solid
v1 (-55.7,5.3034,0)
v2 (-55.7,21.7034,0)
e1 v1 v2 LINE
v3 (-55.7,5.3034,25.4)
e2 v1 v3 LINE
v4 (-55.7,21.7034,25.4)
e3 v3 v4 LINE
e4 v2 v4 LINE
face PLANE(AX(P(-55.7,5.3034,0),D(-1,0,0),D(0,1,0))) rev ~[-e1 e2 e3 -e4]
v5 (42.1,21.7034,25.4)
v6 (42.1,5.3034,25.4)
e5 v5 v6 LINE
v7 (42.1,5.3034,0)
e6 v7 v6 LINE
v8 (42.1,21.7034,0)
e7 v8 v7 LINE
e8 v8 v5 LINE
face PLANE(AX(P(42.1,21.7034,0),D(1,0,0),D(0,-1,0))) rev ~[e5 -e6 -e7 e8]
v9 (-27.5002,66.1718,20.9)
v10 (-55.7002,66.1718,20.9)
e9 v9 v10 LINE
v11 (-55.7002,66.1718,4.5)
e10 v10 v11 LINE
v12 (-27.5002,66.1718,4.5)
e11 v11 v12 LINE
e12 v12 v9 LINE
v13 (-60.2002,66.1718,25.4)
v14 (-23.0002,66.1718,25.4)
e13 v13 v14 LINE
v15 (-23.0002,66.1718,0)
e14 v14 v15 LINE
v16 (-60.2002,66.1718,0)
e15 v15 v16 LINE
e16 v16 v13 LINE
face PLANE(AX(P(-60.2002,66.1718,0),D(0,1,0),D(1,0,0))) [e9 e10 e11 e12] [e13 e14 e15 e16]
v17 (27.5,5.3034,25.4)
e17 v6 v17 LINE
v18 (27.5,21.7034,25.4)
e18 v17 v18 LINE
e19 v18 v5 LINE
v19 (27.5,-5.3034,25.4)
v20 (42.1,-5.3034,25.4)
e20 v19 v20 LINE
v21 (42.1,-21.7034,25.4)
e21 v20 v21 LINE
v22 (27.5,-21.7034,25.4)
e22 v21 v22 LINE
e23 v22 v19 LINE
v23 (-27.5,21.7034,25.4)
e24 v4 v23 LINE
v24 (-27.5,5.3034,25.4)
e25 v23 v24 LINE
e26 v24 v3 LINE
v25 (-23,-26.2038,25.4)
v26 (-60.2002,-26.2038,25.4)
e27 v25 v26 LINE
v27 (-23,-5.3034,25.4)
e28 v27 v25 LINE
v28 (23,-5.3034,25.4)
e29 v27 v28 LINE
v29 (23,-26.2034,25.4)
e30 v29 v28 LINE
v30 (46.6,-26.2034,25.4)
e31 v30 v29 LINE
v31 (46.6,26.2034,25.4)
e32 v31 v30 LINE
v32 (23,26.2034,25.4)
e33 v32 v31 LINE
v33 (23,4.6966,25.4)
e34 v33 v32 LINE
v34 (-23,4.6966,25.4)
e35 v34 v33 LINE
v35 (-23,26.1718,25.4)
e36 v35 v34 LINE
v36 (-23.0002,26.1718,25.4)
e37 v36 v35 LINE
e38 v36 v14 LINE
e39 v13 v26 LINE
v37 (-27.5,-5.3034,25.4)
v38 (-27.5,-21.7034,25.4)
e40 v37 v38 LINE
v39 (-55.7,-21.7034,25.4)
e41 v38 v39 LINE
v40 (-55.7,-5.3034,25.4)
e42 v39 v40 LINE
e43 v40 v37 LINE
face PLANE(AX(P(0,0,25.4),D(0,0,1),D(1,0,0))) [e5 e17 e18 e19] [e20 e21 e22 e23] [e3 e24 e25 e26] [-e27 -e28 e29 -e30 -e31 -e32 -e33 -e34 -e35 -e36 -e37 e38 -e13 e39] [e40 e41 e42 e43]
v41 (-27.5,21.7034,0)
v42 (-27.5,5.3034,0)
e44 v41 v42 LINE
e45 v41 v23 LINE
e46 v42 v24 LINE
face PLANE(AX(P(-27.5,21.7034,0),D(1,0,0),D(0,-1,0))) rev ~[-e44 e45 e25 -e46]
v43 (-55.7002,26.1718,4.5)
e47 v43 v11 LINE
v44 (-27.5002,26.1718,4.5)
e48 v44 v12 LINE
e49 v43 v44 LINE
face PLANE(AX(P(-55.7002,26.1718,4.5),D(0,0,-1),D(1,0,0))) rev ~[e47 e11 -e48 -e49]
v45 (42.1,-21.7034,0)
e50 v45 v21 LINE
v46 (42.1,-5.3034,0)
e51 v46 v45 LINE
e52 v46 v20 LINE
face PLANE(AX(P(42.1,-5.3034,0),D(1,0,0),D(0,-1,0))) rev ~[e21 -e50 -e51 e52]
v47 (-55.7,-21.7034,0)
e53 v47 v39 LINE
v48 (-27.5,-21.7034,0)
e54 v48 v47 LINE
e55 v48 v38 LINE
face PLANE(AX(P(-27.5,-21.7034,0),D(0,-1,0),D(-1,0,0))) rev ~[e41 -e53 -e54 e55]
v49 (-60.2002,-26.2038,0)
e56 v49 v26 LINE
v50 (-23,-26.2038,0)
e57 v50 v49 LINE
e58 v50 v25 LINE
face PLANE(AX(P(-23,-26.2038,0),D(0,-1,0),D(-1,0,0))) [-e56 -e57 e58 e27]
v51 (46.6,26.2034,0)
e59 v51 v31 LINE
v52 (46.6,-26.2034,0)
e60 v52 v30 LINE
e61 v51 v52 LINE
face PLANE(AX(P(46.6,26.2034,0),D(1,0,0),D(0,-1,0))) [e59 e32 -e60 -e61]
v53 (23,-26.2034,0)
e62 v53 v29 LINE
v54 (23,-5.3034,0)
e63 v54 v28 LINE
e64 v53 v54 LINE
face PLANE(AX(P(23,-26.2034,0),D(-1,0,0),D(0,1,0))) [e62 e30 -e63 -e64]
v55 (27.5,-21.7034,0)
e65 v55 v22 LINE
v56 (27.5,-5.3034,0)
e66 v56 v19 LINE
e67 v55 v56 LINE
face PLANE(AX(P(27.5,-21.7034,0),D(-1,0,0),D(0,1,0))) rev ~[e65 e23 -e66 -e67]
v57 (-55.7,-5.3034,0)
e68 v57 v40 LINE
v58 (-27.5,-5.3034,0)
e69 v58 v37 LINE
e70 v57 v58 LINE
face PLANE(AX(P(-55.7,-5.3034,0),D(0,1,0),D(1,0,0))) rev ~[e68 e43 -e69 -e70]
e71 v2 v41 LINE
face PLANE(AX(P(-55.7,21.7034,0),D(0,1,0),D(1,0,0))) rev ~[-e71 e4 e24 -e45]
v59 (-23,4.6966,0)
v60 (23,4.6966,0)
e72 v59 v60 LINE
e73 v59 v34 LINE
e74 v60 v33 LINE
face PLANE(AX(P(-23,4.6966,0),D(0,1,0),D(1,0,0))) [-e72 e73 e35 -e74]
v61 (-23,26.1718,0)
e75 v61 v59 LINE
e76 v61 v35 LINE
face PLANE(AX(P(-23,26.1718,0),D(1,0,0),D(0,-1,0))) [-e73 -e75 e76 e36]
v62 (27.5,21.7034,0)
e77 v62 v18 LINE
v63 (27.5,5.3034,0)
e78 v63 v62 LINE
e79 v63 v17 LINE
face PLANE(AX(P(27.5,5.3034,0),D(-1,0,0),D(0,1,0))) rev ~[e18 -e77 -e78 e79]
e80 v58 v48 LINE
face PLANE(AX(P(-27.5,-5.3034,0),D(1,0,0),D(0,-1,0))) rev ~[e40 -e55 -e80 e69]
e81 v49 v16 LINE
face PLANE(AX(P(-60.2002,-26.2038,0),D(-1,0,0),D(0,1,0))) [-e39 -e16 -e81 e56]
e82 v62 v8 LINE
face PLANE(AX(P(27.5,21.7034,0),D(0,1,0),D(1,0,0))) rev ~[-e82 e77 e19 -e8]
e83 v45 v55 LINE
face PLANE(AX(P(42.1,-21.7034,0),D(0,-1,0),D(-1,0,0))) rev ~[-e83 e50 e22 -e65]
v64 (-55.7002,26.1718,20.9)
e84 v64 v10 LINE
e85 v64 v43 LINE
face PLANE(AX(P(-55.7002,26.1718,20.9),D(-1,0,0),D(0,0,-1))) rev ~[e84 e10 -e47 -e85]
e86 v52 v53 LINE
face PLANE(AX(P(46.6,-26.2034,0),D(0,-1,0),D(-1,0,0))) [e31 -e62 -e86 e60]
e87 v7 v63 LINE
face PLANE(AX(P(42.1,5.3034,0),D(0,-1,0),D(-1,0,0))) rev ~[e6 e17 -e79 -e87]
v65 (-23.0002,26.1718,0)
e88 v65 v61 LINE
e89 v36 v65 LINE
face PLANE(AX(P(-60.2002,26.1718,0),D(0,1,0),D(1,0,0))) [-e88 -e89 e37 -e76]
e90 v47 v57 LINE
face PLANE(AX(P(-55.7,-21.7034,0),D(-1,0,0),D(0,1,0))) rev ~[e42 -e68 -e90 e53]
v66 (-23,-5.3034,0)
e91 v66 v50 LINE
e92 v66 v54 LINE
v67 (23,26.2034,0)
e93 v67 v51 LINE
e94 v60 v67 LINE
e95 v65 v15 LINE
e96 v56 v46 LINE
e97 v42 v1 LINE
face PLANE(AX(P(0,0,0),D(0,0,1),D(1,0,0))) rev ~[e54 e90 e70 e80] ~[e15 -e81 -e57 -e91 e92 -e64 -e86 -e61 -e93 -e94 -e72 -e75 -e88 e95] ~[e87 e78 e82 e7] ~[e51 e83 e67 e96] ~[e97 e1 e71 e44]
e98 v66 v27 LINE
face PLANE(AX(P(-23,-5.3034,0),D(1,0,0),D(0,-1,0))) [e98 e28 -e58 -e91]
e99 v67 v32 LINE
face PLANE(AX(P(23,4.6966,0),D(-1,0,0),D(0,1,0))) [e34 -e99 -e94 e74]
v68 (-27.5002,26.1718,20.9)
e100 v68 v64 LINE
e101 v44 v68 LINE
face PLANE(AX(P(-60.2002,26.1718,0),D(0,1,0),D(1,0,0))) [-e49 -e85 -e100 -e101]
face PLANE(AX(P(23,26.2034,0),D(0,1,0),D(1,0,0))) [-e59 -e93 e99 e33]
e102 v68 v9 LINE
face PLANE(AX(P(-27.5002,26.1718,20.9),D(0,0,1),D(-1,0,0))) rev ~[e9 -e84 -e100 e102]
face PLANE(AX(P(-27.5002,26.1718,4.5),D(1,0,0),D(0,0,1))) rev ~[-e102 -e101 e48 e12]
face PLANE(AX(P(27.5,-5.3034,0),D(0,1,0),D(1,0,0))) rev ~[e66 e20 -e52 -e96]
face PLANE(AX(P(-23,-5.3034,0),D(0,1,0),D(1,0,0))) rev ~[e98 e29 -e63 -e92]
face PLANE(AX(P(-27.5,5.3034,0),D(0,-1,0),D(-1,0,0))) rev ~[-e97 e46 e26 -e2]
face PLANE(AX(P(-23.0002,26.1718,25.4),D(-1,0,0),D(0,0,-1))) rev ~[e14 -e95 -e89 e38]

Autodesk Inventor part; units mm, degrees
ref_plane "YZ Plane" through (0, 0, 0) normal (1, 0, 0) x (0, 1, 0)
ref_plane "XZ Plane" through (0, 0, 0) normal (0, 1, 0) x (-1, 0, 0)
ref_plane "XY Plane" through (0, 0, 0) normal (0, 0, 1) x (1, 0, 0)
sketch "Sketch1" plane through (0, 0, 0) normal (0, 0, 1) x (1, 0, 0)
  line L0 (-60.2002, 26.1718) -> (-60.2002, -26.2038) construction
  line L1 (-60.2002, -26.2038) -> (-23, -26.2038) construction
  line L2 (-23, -26.2038) -> (-23, -5.3034) construction
  line L3 (23, -5.3034) -> (-23, -5.3034) construction
  line L4 (23, -5.3034) -> (23, -26.2034) construction
  line L5 (23, -26.2034) -> (46.6, -26.2034) construction
  line L6 (46.6, -26.2034) -> (46.6, 26.2034) construction
  line L7 (23, 26.2034) -> (46.6, 26.2034) construction
  line L8 (23, 11.4966) -> (23, 26.2034) construction
  line L9 (-8.3, 4.6966) -> (8.3, 4.6966) construction
  line L10 (-23.0002, 26.1718) -> (-23.0002, 11.4966) construction
  line L11 (-23.0002, 26.1718) -> (-60.2002, 26.1718) construction
  line L12 (-27.5, -5.3034) -> (-55.7, -5.3034) construction
  line L13 (-27.5, -5.3034) -> (-27.5, -21.7034) construction
  line L14 (-27.5, -21.7034) -> (-55.7, -21.7034) construction
  line L15 (-55.7, -21.7034) -> (-55.7, -5.3034) construction
  line L16 (42.1, -5.3034) -> (27.5, -5.3034) construction
  line L17 (42.1, -5.3034) -> (42.1, -21.7034) construction
  line L18 (42.1, -21.7034) -> (27.5, -21.7034) construction
  line L19 (27.5, -21.7034) -> (27.5, -5.3034) construction
  line L20 (42.1, 5.3034) -> (42.1, 21.7034) construction
  line L21 (27.5, 5.3034) -> (42.1, 5.3034) construction
  line L22 (27.5, 21.7034) -> (27.5, 5.3034) construction
  line L23 (42.1, 21.7034) -> (27.5, 21.7034) construction
  line L24 (-55.7, 21.7034) -> (-55.7, 5.3034) construction
  line L25 (-27.5, 21.7034) -> (-55.7, 21.7034) construction
  line L26 (-27.5, 5.3034) -> (-27.5, 21.7034) construction
  line L27 (-55.7, 5.3034) -> (-27.5, 5.3034) construction
  line L28 (-60.2002, 26.1718) -> (-23, 26.1718)
  line L29 (-23, -26.2038) -> (-60.2002, -26.2038)
  line L30 (-60.2002, -26.2038) -> (-60.2002, 26.1718)
  line L31 (-55.7, 21.7034) -> (-27.5, 21.7034)
  line L32 (-27.5, 21.7034) -> (-27.5, 5.3034)
  line L33 (-27.5, 5.3034) -> (-55.7, 5.3034)
  line L34 (-55.7, 5.3034) -> (-55.7, 21.7034)
  line L35 (-55.7, -5.3034) -> (-27.5, -5.3034)
  line L36 (-27.5, -5.3034) -> (-27.5, -21.7034)
  line L37 (-27.5, -21.7034) -> (-55.7, -21.7034)
  line L38 (-55.7, -21.7034) -> (-55.7, -5.3034)
  line L39 (-23, 4.6966) -> (23, 4.6966)
  line L40 (23, 26.2034) -> (46.6, 26.2034)
  line L41 (46.6, 26.2034) -> (46.6, -26.2034)
  line L42 (46.6, -26.2034) -> (23, -26.2034)
  line L43 (27.5, 21.7034) -> (42.1, 21.7034)
  line L44 (42.1, 21.7034) -> (42.1, 5.3034)
  line L45 (42.1, 5.3034) -> (27.5, 5.3034)
  line L46 (27.5, 5.3034) -> (27.5, 21.7034)
  line L47 (27.5, -5.3034) -> (42.1, -5.3034)
  line L48 (42.1, -5.3034) -> (42.1, -21.7034)
  line L49 (42.1, -21.7034) -> (27.5, -21.7034)
  line L50 (27.5, -21.7034) -> (27.5, -5.3034)
  line L51 (-23, -5.3034) -> (23, -5.3034)
  line L52 (-23, 26.1718) -> (-23, 4.6966)
  line L53 (-23, -5.3034) -> (-23, -26.2038)
  line L54 (23, -26.2034) -> (23, -5.3034)
  line L55 (23, 4.6966) -> (23, 26.2034)
  point P0 (0, 0)
  point P1 (0, 0)
  point P2 (0, 0)
extrude "Extrusion1" add sketch "Sketch1" along normal blind 25.4
sketch "Sketch2" plane through (-60.2002, 26.1718, 0) normal (0, 1, 0) x (1, 0, 0)
  line L0 (4.5, -4.5) -> (32.7, -4.5)
  line L1 (32.7, -4.5) -> (32.7, -20.9)
  line L2 (32.7, -20.9) -> (4.5, -20.9)
  line L3 (4.5, -20.9) -> (4.5, -4.5)
  line L4 (37.2, 0) -> (0, 0)
  line L5 (0, 0) -> (0, -25.4)
  line L6 (0, -25.4) -> (37.2, -25.4)
  line L7 (37.2, -25.4) -> (37.2, 0)
  line L8 (0, 0) -> (37.2002, 0) construction
  dimension "d2" = 4.5
extrude "Extrusion2" add sketch "Sketch2" along normal blind 40
properties part number "mid_front_Chasis"
